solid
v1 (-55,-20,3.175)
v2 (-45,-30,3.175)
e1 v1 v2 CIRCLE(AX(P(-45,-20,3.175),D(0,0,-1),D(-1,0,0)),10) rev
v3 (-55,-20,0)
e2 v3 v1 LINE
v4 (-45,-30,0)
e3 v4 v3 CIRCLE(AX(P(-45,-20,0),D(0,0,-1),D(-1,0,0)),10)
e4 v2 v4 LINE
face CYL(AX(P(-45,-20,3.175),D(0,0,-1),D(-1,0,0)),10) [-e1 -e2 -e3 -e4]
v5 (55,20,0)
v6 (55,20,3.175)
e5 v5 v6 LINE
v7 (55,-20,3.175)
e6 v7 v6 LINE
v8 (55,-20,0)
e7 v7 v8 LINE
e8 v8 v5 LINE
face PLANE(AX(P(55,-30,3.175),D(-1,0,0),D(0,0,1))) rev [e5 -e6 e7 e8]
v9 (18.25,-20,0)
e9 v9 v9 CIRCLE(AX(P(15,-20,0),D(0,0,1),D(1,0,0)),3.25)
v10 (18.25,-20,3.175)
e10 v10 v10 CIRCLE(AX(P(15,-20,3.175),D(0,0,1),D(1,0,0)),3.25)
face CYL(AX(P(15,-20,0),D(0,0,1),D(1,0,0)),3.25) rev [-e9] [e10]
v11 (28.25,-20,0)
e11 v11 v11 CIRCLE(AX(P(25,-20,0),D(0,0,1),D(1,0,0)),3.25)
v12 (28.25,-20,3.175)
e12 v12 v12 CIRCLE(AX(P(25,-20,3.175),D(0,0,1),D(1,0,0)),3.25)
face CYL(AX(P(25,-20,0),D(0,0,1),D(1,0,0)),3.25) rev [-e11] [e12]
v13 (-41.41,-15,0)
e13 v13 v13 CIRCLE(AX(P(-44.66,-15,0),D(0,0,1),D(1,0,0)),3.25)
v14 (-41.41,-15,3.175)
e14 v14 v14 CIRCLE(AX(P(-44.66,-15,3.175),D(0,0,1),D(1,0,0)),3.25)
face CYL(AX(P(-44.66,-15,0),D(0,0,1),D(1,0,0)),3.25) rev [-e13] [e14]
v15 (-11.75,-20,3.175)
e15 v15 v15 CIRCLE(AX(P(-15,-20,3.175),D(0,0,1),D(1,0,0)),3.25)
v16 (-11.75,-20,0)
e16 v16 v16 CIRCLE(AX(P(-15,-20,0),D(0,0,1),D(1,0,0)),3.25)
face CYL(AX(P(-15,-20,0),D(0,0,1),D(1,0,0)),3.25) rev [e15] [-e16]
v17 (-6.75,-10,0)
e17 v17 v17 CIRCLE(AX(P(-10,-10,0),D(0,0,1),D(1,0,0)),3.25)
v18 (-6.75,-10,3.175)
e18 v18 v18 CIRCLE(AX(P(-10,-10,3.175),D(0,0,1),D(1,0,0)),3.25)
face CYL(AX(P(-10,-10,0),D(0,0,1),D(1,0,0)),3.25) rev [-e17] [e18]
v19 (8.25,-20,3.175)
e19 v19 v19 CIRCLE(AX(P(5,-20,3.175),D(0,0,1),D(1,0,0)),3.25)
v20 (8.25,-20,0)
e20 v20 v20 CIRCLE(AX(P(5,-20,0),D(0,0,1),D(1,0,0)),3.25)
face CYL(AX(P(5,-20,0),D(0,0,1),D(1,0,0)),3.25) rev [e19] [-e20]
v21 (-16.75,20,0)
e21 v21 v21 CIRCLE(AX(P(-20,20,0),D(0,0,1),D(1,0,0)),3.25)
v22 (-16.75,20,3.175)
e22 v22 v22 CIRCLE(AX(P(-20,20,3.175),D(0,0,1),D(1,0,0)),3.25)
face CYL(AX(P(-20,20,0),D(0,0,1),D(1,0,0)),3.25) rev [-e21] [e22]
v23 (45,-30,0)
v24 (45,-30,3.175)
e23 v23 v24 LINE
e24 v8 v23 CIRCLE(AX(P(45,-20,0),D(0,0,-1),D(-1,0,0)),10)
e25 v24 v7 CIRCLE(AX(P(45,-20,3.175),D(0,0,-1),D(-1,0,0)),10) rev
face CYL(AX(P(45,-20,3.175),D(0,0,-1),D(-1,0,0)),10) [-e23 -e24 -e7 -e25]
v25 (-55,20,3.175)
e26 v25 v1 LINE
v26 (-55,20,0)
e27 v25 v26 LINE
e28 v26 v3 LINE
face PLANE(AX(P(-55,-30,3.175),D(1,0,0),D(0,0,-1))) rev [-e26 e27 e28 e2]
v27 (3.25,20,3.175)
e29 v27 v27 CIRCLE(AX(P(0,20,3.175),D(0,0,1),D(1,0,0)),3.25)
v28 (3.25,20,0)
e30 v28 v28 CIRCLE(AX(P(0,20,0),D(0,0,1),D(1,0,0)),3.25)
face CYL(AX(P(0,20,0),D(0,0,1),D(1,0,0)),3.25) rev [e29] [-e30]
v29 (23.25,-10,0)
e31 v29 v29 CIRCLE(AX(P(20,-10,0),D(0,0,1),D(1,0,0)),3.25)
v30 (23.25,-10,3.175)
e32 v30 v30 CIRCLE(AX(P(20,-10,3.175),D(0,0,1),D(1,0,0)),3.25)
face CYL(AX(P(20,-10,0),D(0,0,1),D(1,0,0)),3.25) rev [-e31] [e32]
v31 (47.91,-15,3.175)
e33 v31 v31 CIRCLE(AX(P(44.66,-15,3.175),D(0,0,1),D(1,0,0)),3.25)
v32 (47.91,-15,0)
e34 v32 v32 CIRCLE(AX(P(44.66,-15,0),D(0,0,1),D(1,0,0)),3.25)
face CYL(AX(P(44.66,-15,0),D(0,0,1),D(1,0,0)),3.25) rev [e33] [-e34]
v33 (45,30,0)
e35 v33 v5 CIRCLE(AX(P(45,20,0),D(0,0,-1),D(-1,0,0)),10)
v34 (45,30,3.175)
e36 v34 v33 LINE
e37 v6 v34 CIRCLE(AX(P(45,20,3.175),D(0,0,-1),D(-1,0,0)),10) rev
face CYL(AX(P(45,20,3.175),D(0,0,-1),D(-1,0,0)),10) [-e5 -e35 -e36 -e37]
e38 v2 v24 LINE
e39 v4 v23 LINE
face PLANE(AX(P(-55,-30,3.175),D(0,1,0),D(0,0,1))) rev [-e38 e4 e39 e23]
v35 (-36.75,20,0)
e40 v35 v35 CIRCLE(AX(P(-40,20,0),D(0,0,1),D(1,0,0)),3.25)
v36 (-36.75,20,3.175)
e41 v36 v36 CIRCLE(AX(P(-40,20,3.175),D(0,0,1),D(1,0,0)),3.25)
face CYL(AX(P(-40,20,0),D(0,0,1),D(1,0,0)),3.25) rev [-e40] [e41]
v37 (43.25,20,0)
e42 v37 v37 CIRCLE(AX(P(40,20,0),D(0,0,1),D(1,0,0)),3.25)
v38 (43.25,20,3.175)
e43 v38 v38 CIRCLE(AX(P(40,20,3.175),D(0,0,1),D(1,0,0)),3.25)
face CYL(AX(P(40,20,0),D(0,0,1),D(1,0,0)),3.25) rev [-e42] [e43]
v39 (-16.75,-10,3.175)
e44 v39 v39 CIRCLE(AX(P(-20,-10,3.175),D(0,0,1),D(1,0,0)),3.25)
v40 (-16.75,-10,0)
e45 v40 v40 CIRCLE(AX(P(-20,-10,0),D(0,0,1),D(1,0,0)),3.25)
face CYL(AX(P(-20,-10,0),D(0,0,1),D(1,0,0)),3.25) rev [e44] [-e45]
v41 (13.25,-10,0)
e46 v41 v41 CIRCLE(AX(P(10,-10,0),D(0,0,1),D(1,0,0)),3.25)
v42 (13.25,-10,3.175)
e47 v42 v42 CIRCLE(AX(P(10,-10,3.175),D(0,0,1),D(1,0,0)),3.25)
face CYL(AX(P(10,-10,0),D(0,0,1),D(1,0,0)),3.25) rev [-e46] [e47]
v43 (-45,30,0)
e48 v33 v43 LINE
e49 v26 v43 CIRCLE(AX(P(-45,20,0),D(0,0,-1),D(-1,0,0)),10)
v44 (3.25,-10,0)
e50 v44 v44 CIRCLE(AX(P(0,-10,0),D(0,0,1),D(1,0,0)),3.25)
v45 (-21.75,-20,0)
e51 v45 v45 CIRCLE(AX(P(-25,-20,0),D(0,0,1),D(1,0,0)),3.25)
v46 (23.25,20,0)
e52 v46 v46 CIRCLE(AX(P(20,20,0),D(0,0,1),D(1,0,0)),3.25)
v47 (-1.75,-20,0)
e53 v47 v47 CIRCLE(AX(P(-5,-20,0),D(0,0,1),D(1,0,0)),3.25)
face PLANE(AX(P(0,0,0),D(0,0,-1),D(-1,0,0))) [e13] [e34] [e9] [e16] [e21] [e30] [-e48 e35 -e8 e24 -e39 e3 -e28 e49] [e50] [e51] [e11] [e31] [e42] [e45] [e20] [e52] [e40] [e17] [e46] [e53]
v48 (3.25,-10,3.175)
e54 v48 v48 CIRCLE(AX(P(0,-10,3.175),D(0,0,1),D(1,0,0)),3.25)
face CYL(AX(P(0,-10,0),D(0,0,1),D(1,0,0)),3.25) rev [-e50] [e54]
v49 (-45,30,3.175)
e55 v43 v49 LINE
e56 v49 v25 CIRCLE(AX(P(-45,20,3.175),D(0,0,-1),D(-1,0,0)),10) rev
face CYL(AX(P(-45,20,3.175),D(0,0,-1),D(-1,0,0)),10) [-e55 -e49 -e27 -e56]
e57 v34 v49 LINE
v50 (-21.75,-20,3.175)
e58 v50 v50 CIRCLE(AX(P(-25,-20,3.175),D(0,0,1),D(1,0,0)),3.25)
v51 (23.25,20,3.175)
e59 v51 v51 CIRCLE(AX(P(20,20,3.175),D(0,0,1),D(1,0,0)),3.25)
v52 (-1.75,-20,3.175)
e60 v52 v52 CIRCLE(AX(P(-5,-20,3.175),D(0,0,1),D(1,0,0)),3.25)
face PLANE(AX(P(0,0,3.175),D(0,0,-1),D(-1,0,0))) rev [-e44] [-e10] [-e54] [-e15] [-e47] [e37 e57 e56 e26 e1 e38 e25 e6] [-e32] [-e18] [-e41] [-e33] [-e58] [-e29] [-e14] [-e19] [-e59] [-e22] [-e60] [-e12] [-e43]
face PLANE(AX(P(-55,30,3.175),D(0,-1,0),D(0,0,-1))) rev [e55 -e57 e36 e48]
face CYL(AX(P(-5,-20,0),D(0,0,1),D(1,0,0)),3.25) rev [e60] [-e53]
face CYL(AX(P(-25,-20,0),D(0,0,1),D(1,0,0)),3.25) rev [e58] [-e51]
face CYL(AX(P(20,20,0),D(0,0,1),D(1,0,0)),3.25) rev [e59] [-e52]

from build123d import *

# Parameters (mm, degrees)
SKETCH1_W           = 110
SKETCH1_H           = 60
BOSS_EXTRUDE1_DEPTH = 3.175
SKETCH2_R           = 3.25
CUT_EXTRUDE1_DEPTH  = 4.175
FILLET1_R           = 10


with BuildPart() as part:
    # Sketch1 → Boss-Extrude1 (new body)
    with BuildSketch(Plane.XY):
        Rectangle(SKETCH1_W, SKETCH1_H)
    extrude(amount=BOSS_EXTRUDE1_DEPTH)

    # Sketch2 → Cut-Extrude1 (cut, through all)
    with BuildSketch(Plane.XY.offset(3.175)):
        with Locations((-40, 20)):
            Circle(SKETCH2_R)
        with Locations((40, 20)):
            Circle(SKETCH2_R)
        with Locations((-20, 20)):
            Circle(SKETCH2_R)
        with Locations((0, 20)):
            Circle(SKETCH2_R)
        with Locations((20, 20)):
            Circle(SKETCH2_R)
        with Locations((44.66, -15)):
            Circle(SKETCH2_R)
        with Locations((5, -20)):
            Circle(SKETCH2_R)
        with Locations((0, -10)):
            Circle(SKETCH2_R)
        with Locations((-5, -20)):
            Circle(SKETCH2_R)
        with Locations((-10, -10)):
            Circle(SKETCH2_R)
        with Locations((-15, -20)):
            Circle(SKETCH2_R)
        with Locations((10, -10)):
            Circle(SKETCH2_R)
        with Locations((-20, -10)):
            Circle(SKETCH2_R)
        with Locations((-44.66, -15)):
            Circle(SKETCH2_R)
        with Locations((20, -10)):
            Circle(SKETCH2_R)
        with Locations((15, -20)):
            Circle(SKETCH2_R)
        with Locations((-25, -20)):
            Circle(SKETCH2_R)
        with Locations((25, -20)):
            Circle(SKETCH2_R)
    extrude(amount=-CUT_EXTRUDE1_DEPTH, mode=Mode.SUBTRACT)

    # Fillet1
    fillet1_edges = [part.edges().sort_by_distance(p)[0] for p in [
        (55, -30, 1.5875),
        (-55, -30, 1.5875),
        (-55, 30, 1.5875),
        (55, 30, 1.5875),
    ]]
    fillet(fillet1_edges, radius=FILLET1_R)


solid = part.part
